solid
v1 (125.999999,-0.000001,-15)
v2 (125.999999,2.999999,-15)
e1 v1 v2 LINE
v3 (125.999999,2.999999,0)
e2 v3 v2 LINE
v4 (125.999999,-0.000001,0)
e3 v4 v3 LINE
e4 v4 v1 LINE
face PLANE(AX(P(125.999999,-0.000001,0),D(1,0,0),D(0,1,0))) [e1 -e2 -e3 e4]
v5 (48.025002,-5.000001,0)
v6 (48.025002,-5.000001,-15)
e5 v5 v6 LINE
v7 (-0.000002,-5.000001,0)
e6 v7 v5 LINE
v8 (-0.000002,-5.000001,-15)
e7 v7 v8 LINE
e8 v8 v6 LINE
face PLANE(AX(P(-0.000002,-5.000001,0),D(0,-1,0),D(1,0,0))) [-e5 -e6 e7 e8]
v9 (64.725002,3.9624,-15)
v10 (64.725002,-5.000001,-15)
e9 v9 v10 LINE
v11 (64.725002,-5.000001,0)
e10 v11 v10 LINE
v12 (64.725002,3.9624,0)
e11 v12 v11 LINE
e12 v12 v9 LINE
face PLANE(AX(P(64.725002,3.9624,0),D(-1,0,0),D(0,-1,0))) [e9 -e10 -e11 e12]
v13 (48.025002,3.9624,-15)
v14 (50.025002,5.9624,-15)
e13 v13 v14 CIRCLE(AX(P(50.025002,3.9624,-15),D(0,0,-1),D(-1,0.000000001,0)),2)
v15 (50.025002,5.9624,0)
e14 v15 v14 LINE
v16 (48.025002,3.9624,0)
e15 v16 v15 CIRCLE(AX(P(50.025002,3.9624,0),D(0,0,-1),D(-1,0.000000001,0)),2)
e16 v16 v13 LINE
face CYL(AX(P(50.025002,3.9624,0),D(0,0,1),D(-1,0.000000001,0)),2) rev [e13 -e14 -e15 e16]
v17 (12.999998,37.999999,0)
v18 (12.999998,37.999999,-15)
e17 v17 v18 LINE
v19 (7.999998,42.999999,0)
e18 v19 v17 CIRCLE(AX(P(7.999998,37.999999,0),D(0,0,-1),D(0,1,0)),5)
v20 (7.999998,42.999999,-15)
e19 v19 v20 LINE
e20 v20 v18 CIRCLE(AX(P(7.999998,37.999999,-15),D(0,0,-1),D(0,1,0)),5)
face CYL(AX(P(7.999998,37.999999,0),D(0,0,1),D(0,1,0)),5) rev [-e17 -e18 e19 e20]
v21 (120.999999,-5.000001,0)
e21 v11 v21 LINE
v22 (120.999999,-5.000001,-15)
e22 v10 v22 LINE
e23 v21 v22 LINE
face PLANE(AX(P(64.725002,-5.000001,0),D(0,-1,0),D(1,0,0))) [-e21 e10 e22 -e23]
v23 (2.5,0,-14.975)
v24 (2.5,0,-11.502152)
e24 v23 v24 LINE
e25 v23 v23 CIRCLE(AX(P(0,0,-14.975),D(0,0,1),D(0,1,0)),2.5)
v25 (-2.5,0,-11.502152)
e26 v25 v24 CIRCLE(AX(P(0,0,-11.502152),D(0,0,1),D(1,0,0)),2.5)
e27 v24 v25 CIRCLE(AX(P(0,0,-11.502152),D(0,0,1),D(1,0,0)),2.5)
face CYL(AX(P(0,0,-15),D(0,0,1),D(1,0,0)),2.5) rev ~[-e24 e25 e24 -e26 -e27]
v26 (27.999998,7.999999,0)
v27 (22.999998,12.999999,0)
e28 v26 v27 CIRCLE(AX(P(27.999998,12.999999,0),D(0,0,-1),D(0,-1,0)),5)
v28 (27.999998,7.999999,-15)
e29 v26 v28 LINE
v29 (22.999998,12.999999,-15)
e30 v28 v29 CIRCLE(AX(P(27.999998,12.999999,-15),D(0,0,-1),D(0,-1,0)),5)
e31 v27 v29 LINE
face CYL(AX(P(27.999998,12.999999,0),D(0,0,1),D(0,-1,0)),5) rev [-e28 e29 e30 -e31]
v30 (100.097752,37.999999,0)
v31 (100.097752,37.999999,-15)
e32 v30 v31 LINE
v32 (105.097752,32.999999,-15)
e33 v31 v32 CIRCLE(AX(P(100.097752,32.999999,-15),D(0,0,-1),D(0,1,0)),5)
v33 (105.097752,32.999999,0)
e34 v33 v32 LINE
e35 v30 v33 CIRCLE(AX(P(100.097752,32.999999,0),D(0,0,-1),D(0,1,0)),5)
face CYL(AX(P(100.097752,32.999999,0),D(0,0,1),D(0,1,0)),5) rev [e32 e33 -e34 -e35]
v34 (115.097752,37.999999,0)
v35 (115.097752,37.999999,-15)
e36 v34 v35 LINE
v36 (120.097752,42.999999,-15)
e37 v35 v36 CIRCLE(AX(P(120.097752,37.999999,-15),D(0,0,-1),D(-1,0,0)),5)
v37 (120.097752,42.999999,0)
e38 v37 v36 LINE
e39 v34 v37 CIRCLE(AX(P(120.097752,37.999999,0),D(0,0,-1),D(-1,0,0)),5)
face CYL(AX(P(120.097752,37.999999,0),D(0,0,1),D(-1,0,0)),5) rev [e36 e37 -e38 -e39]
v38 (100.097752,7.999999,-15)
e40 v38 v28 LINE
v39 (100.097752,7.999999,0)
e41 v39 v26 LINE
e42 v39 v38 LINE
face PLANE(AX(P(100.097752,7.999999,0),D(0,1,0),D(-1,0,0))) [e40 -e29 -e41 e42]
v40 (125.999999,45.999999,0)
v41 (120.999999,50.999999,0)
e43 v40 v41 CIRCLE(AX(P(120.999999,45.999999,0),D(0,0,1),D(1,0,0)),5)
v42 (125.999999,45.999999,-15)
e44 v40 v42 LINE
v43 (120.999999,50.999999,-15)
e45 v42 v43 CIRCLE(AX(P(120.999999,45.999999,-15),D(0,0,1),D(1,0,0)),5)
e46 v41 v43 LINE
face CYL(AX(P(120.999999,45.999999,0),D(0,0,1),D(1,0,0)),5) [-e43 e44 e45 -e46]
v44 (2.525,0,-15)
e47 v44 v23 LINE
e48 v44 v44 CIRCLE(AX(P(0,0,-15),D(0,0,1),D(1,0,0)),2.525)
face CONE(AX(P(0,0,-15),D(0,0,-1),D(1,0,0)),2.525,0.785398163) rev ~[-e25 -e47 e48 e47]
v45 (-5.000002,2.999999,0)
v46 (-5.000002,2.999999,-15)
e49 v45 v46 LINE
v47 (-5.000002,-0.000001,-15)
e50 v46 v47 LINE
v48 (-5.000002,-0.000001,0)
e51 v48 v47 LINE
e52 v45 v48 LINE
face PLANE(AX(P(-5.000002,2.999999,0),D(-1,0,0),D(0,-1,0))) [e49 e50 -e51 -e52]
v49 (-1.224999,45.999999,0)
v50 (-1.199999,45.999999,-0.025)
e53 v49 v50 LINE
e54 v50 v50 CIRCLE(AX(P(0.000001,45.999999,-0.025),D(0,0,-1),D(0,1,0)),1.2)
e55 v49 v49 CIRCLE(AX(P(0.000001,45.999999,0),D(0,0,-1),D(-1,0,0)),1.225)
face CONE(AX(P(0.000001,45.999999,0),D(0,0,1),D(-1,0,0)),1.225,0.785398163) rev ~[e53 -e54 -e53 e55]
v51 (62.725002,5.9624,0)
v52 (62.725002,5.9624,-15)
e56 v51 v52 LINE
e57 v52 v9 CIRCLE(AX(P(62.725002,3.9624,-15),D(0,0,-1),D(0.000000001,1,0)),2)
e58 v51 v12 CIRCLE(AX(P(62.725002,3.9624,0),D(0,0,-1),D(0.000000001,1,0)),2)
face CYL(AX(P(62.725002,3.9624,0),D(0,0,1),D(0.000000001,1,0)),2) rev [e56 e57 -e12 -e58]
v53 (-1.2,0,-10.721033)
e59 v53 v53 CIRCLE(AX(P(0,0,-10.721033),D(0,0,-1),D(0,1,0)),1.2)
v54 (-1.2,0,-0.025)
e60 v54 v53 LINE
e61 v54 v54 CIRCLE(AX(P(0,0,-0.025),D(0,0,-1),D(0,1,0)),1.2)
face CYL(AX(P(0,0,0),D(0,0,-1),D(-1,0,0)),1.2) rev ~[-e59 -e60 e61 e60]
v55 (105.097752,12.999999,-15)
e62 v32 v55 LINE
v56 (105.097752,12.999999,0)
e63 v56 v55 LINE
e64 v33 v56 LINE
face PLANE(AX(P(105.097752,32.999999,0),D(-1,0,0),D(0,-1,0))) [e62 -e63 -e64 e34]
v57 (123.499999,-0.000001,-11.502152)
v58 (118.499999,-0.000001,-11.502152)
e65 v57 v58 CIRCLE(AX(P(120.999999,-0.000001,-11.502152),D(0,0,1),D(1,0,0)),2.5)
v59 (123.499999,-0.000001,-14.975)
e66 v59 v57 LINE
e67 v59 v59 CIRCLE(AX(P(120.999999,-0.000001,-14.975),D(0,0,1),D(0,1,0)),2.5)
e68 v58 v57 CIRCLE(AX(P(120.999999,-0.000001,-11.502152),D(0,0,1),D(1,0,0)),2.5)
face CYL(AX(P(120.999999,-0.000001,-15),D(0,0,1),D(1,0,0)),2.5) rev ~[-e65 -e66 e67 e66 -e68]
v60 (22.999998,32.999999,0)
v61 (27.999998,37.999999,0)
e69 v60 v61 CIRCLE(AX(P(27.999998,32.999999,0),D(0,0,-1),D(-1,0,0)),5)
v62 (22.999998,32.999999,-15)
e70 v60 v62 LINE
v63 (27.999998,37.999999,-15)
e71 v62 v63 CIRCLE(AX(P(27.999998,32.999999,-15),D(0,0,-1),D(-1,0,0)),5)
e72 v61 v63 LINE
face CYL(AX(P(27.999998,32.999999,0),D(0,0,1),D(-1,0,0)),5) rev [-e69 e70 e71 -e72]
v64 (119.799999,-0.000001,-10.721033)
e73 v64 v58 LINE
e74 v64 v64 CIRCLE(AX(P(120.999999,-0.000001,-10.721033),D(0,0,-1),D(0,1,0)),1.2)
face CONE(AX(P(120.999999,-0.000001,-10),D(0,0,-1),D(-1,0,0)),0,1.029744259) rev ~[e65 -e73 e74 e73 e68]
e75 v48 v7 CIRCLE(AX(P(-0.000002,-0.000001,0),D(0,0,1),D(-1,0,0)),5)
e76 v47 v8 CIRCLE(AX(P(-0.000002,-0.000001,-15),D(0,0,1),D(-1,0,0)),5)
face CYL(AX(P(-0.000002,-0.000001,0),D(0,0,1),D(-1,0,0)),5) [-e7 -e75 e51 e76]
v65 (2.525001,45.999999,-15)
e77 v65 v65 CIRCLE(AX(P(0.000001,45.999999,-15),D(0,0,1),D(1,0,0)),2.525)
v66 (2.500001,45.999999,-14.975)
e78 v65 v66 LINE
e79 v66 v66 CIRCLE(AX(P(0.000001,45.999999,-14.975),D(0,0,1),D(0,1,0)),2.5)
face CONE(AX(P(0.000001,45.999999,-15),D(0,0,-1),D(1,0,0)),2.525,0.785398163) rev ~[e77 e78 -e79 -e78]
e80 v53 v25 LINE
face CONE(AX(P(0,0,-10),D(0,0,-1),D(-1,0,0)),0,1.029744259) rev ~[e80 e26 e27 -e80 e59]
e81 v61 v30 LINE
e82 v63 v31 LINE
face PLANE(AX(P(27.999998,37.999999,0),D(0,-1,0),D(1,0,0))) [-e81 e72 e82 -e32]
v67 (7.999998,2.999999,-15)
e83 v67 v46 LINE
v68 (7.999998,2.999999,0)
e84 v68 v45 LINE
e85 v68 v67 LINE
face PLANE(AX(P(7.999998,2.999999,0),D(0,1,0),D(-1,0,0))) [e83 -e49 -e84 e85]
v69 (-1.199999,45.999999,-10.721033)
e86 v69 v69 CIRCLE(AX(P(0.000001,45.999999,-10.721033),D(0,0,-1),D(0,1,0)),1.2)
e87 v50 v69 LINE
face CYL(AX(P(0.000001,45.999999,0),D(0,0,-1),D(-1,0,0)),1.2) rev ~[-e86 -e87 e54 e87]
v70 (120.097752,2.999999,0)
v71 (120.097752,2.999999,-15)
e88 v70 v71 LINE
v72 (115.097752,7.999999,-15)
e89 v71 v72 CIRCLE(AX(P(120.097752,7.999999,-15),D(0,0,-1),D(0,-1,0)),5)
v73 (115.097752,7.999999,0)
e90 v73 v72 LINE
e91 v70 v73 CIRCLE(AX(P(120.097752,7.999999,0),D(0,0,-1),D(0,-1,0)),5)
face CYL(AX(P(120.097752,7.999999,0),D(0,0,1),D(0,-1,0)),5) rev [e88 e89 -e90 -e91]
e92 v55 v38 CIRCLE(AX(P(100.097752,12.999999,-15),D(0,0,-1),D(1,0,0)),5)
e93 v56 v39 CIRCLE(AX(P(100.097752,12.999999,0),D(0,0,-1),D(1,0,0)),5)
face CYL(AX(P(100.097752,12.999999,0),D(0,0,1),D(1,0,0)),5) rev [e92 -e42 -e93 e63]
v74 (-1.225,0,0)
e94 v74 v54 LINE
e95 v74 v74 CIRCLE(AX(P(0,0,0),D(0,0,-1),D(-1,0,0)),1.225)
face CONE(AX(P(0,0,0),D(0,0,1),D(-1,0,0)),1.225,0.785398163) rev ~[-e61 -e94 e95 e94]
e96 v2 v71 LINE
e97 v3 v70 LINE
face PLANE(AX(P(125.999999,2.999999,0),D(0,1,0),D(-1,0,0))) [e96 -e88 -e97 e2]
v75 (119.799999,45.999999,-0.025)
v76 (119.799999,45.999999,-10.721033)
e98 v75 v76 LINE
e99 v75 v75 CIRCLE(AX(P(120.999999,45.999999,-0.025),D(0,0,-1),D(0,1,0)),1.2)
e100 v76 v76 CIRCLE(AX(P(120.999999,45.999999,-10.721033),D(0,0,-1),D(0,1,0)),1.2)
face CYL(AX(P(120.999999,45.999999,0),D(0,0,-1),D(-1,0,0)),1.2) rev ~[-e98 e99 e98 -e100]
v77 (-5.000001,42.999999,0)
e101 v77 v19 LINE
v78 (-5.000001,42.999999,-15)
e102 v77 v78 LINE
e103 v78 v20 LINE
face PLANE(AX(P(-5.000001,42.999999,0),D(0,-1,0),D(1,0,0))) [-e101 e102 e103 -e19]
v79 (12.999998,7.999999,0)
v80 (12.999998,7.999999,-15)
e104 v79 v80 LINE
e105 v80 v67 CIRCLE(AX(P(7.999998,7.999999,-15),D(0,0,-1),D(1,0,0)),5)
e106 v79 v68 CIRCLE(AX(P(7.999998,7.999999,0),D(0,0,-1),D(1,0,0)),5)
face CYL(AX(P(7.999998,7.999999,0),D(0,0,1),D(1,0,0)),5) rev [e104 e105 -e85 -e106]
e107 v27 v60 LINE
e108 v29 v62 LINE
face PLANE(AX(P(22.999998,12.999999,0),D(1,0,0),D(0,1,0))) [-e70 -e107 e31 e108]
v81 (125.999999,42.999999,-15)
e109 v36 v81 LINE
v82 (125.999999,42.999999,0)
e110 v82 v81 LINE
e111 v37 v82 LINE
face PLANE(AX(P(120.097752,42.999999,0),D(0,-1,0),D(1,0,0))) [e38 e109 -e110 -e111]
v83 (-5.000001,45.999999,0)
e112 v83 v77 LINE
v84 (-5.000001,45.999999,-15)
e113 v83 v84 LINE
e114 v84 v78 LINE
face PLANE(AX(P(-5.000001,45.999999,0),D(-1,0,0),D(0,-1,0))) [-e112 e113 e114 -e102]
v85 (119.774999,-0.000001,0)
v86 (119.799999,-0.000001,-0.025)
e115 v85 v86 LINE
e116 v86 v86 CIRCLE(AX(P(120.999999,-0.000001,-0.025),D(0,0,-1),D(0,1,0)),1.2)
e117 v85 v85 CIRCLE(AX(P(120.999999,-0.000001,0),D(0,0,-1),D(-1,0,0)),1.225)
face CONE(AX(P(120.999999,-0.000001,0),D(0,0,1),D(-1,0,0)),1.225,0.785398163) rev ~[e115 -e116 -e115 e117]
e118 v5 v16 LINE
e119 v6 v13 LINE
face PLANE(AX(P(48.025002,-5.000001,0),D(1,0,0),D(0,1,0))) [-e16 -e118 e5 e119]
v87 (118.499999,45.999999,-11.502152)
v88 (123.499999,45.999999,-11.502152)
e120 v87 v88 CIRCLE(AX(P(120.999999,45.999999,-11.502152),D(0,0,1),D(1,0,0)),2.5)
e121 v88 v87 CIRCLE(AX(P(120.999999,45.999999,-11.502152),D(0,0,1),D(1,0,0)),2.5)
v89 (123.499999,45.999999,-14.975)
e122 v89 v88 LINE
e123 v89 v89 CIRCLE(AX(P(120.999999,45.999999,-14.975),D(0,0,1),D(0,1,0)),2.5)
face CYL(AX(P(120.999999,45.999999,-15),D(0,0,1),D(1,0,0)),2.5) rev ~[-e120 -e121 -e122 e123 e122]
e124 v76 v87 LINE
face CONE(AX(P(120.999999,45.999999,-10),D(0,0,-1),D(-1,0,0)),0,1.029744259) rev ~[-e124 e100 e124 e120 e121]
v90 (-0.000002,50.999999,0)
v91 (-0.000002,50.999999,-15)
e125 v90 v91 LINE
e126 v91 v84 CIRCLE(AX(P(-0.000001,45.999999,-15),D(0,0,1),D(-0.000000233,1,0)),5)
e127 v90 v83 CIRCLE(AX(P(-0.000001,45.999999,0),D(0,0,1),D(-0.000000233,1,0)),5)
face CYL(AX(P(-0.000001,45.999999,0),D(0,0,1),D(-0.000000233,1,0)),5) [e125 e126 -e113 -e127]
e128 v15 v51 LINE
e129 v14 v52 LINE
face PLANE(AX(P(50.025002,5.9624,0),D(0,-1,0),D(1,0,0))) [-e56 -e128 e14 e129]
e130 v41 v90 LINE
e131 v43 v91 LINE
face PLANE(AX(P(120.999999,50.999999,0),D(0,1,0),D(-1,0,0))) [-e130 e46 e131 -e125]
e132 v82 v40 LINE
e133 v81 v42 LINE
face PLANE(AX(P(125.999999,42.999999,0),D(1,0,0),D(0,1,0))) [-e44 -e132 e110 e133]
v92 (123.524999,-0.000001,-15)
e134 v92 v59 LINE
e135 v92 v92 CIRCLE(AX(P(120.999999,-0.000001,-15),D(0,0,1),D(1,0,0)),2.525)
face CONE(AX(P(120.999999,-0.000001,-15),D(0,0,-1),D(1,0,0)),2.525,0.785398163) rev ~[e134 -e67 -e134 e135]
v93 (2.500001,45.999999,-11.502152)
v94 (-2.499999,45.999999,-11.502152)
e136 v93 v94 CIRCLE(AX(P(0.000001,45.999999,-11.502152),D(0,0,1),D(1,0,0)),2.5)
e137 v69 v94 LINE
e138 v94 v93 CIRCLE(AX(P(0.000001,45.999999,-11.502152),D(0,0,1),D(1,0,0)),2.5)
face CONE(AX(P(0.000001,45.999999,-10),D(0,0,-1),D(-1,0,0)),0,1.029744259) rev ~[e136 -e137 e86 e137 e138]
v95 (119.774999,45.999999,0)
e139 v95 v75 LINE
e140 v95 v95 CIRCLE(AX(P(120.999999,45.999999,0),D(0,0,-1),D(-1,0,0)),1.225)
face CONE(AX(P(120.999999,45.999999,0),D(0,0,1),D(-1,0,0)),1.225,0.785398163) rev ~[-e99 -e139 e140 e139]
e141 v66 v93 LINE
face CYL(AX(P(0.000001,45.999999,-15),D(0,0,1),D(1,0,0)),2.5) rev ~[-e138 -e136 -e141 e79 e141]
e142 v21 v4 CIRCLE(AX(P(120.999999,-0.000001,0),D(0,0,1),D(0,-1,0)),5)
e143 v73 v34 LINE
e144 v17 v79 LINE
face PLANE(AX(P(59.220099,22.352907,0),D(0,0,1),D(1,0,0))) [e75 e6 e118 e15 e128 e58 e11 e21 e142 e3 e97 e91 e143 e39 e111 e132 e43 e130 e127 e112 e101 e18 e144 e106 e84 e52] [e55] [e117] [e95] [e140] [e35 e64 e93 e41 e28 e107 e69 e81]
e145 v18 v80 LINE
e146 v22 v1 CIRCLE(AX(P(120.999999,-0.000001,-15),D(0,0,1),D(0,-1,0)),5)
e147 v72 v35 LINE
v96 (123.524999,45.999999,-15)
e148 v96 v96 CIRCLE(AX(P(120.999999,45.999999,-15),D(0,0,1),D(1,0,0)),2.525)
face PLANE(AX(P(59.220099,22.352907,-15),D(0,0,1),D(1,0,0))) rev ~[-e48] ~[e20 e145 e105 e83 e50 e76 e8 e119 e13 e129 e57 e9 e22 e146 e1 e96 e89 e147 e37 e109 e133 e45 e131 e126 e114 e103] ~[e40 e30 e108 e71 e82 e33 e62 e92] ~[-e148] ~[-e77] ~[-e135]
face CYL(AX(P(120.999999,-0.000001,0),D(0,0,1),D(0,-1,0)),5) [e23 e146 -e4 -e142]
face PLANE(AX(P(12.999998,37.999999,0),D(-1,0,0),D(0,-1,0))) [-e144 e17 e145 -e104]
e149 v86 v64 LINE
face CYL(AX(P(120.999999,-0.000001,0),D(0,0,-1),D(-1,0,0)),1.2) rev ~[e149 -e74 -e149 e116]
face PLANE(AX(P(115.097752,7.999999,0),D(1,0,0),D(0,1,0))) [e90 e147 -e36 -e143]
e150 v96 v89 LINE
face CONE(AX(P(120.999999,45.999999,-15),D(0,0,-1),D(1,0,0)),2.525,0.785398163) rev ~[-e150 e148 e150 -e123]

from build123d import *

# Parameters (mm, degrees)
EXTRUDE_1_DEPTH               = 15
HOLE_WIZARD_M21_D             = 2.4
HOLE_WIZARD_M21_CSINK_D       = 2.45
HOLE_WIZARD_M21_CSINK_ANGLE   = 90
HOLE_WIZARD_5_0_1_D           = 5
HOLE_WIZARD_5_0_1_DEPTH       = 3.497848452
HOLE_WIZARD_5_0_1_CSINK_D     = 5.05
HOLE_WIZARD_5_0_1_CSINK_ANGLE = 90
HOLE_WIZARD_5_0_1_TIP         = 1.502151548


with BuildPart() as part:
    # Эскиз9 → Бобышка-Вытянуть1 (new body)
    with BuildSketch(Plane.XY):
        with BuildLine():
            Line((-1.706e-06, -5.00000143), (48.02500155, -5.00000143))
            Line((48.02500155, -5.00000143), (48.02500155, 3.9624))
            ThreePointArc((48.02500155, 3.9624), (48.610787988, 5.376613562), (50.02500155, 5.9624))
            Line((50.02500155, 5.9624), (62.72500155, 5.9624))
            ThreePointArc((62.72500155, 5.9624), (64.139215112, 5.376613562), (64.72500155, 3.9624))
            Line((64.72500155, 3.9624), (64.72500155, -5.00000143))
            Line((64.72500155, -5.00000143), (120.99999946, -5.00000143))
            ThreePointArc((120.99999946, -5.00000143), (124.535533366, -3.535535336), (125.99999946, -1.43e-06))
            Line((125.99999946, -1.43e-06), (125.99999946, 2.99999857))
            Line((125.99999946, 2.99999857), (120.09775193, 2.99999857))
            ThreePointArc((120.09775193, 2.99999857), (116.562218024, 4.464464664), (115.09775193, 7.99999857))
            Line((115.09775193, 7.99999857), (115.09775193, 37.99999857))
            ThreePointArc((115.09775193, 37.99999857), (116.562218024, 41.535532476), (120.09775193, 42.99999857))
            Line((120.09775193, 42.99999857), (125.99999946, 42.99999857))
            Line((125.99999946, 42.99999857), (125.99999946, 45.99999857))
            ThreePointArc((125.99999946, 45.99999857), (124.535533366, 49.535532476), (120.99999946, 50.99999857))
            Line((120.99999946, 50.99999857), (-1.706e-06, 50.99999857))
            ThreePointArc((-1.706e-06, 50.99999857), (-3.535534858, 49.535532064), (-5.00000054, 45.99999857))
            Line((-5.00000054, 45.99999857), (-5.00000054, 42.99999857))
            Line((-5.00000054, 42.99999857), (7.999998294, 42.99999857))
            ThreePointArc((7.999998294, 42.99999857), (11.5355322, 41.535532476), (12.999998294, 37.99999857))
            Line((12.999998294, 37.99999857), (12.999998294, 7.99999857))
            ThreePointArc((12.999998294, 7.99999857), (11.5355322, 4.464464664), (7.999998294, 2.99999857))
            Line((7.999998294, 2.99999857), (-5.000001706, 2.99999857))
            Line((-5.000001706, 2.99999857), (-5.000001706, -1.43e-06))
            ThreePointArc((-5.000001706, -1.43e-06), (-3.535535612, -3.535535336), (-1.706e-06, -5.00000143))
        make_face()
        with BuildLine():
            Line((27.999998294, 37.99999857), (100.09775193, 37.99999857))
            ThreePointArc((100.09775193, 37.99999857), (103.633285836, 36.535532476), (105.09775193, 32.99999857))
            Line((105.09775193, 32.99999857), (105.09775193, 12.99999857))
            ThreePointArc((105.09775193, 12.99999857), (103.633285836, 9.464464664), (100.09775193, 7.99999857))
            Line((100.09775193, 7.99999857), (27.999998294, 7.99999857))
            ThreePointArc((27.999998294, 7.99999857), (24.464464388, 9.464464664), (22.999998294, 12.99999857))
            Line((22.999998294, 12.99999857), (22.999998294, 32.99999857))
            ThreePointArc((22.999998294, 32.99999857), (24.464464388, 36.535532476), (27.999998294, 37.99999857))
        make_face(mode=Mode.SUBTRACT)
    extrude(amount=-EXTRUDE_1_DEPTH)

    # Отверстие с зазором M21 (through all)
    with Locations(Plane.XY):
        with Locations((1.27e-06, 45.99999944), (0, 0), (120.9999993, -1.27e-06), (120.9999993, 45.99999944)):
            CounterSinkHole(HOLE_WIZARD_M21_D / 2, HOLE_WIZARD_M21_CSINK_D / 2, counter_sink_angle=HOLE_WIZARD_M21_CSINK_ANGLE)

    # Отверстия под штифты Ø5.0 мм1
    with Locations(Plane(origin=(0, 0, -15), x_dir=(-1, 0, 0), z_dir=(0, 0, -1))):
        with Locations((-120.9999993, -1.27e-06), (-120.9999993, 45.99999944), (-1.27e-06, 45.99999944), (0, 0), (-55.116594528, 0)):
            CounterSinkHole(HOLE_WIZARD_5_0_1_D / 2, HOLE_WIZARD_5_0_1_CSINK_D / 2, depth=HOLE_WIZARD_5_0_1_DEPTH, counter_sink_angle=HOLE_WIZARD_5_0_1_CSINK_ANGLE)
            with Locations((0, 0, -(HOLE_WIZARD_5_0_1_DEPTH + HOLE_WIZARD_5_0_1_TIP / 2))):  # 118° drill point
                Cone(0, HOLE_WIZARD_5_0_1_D / 2, HOLE_WIZARD_5_0_1_TIP, mode=Mode.SUBTRACT)


solid = part.part
